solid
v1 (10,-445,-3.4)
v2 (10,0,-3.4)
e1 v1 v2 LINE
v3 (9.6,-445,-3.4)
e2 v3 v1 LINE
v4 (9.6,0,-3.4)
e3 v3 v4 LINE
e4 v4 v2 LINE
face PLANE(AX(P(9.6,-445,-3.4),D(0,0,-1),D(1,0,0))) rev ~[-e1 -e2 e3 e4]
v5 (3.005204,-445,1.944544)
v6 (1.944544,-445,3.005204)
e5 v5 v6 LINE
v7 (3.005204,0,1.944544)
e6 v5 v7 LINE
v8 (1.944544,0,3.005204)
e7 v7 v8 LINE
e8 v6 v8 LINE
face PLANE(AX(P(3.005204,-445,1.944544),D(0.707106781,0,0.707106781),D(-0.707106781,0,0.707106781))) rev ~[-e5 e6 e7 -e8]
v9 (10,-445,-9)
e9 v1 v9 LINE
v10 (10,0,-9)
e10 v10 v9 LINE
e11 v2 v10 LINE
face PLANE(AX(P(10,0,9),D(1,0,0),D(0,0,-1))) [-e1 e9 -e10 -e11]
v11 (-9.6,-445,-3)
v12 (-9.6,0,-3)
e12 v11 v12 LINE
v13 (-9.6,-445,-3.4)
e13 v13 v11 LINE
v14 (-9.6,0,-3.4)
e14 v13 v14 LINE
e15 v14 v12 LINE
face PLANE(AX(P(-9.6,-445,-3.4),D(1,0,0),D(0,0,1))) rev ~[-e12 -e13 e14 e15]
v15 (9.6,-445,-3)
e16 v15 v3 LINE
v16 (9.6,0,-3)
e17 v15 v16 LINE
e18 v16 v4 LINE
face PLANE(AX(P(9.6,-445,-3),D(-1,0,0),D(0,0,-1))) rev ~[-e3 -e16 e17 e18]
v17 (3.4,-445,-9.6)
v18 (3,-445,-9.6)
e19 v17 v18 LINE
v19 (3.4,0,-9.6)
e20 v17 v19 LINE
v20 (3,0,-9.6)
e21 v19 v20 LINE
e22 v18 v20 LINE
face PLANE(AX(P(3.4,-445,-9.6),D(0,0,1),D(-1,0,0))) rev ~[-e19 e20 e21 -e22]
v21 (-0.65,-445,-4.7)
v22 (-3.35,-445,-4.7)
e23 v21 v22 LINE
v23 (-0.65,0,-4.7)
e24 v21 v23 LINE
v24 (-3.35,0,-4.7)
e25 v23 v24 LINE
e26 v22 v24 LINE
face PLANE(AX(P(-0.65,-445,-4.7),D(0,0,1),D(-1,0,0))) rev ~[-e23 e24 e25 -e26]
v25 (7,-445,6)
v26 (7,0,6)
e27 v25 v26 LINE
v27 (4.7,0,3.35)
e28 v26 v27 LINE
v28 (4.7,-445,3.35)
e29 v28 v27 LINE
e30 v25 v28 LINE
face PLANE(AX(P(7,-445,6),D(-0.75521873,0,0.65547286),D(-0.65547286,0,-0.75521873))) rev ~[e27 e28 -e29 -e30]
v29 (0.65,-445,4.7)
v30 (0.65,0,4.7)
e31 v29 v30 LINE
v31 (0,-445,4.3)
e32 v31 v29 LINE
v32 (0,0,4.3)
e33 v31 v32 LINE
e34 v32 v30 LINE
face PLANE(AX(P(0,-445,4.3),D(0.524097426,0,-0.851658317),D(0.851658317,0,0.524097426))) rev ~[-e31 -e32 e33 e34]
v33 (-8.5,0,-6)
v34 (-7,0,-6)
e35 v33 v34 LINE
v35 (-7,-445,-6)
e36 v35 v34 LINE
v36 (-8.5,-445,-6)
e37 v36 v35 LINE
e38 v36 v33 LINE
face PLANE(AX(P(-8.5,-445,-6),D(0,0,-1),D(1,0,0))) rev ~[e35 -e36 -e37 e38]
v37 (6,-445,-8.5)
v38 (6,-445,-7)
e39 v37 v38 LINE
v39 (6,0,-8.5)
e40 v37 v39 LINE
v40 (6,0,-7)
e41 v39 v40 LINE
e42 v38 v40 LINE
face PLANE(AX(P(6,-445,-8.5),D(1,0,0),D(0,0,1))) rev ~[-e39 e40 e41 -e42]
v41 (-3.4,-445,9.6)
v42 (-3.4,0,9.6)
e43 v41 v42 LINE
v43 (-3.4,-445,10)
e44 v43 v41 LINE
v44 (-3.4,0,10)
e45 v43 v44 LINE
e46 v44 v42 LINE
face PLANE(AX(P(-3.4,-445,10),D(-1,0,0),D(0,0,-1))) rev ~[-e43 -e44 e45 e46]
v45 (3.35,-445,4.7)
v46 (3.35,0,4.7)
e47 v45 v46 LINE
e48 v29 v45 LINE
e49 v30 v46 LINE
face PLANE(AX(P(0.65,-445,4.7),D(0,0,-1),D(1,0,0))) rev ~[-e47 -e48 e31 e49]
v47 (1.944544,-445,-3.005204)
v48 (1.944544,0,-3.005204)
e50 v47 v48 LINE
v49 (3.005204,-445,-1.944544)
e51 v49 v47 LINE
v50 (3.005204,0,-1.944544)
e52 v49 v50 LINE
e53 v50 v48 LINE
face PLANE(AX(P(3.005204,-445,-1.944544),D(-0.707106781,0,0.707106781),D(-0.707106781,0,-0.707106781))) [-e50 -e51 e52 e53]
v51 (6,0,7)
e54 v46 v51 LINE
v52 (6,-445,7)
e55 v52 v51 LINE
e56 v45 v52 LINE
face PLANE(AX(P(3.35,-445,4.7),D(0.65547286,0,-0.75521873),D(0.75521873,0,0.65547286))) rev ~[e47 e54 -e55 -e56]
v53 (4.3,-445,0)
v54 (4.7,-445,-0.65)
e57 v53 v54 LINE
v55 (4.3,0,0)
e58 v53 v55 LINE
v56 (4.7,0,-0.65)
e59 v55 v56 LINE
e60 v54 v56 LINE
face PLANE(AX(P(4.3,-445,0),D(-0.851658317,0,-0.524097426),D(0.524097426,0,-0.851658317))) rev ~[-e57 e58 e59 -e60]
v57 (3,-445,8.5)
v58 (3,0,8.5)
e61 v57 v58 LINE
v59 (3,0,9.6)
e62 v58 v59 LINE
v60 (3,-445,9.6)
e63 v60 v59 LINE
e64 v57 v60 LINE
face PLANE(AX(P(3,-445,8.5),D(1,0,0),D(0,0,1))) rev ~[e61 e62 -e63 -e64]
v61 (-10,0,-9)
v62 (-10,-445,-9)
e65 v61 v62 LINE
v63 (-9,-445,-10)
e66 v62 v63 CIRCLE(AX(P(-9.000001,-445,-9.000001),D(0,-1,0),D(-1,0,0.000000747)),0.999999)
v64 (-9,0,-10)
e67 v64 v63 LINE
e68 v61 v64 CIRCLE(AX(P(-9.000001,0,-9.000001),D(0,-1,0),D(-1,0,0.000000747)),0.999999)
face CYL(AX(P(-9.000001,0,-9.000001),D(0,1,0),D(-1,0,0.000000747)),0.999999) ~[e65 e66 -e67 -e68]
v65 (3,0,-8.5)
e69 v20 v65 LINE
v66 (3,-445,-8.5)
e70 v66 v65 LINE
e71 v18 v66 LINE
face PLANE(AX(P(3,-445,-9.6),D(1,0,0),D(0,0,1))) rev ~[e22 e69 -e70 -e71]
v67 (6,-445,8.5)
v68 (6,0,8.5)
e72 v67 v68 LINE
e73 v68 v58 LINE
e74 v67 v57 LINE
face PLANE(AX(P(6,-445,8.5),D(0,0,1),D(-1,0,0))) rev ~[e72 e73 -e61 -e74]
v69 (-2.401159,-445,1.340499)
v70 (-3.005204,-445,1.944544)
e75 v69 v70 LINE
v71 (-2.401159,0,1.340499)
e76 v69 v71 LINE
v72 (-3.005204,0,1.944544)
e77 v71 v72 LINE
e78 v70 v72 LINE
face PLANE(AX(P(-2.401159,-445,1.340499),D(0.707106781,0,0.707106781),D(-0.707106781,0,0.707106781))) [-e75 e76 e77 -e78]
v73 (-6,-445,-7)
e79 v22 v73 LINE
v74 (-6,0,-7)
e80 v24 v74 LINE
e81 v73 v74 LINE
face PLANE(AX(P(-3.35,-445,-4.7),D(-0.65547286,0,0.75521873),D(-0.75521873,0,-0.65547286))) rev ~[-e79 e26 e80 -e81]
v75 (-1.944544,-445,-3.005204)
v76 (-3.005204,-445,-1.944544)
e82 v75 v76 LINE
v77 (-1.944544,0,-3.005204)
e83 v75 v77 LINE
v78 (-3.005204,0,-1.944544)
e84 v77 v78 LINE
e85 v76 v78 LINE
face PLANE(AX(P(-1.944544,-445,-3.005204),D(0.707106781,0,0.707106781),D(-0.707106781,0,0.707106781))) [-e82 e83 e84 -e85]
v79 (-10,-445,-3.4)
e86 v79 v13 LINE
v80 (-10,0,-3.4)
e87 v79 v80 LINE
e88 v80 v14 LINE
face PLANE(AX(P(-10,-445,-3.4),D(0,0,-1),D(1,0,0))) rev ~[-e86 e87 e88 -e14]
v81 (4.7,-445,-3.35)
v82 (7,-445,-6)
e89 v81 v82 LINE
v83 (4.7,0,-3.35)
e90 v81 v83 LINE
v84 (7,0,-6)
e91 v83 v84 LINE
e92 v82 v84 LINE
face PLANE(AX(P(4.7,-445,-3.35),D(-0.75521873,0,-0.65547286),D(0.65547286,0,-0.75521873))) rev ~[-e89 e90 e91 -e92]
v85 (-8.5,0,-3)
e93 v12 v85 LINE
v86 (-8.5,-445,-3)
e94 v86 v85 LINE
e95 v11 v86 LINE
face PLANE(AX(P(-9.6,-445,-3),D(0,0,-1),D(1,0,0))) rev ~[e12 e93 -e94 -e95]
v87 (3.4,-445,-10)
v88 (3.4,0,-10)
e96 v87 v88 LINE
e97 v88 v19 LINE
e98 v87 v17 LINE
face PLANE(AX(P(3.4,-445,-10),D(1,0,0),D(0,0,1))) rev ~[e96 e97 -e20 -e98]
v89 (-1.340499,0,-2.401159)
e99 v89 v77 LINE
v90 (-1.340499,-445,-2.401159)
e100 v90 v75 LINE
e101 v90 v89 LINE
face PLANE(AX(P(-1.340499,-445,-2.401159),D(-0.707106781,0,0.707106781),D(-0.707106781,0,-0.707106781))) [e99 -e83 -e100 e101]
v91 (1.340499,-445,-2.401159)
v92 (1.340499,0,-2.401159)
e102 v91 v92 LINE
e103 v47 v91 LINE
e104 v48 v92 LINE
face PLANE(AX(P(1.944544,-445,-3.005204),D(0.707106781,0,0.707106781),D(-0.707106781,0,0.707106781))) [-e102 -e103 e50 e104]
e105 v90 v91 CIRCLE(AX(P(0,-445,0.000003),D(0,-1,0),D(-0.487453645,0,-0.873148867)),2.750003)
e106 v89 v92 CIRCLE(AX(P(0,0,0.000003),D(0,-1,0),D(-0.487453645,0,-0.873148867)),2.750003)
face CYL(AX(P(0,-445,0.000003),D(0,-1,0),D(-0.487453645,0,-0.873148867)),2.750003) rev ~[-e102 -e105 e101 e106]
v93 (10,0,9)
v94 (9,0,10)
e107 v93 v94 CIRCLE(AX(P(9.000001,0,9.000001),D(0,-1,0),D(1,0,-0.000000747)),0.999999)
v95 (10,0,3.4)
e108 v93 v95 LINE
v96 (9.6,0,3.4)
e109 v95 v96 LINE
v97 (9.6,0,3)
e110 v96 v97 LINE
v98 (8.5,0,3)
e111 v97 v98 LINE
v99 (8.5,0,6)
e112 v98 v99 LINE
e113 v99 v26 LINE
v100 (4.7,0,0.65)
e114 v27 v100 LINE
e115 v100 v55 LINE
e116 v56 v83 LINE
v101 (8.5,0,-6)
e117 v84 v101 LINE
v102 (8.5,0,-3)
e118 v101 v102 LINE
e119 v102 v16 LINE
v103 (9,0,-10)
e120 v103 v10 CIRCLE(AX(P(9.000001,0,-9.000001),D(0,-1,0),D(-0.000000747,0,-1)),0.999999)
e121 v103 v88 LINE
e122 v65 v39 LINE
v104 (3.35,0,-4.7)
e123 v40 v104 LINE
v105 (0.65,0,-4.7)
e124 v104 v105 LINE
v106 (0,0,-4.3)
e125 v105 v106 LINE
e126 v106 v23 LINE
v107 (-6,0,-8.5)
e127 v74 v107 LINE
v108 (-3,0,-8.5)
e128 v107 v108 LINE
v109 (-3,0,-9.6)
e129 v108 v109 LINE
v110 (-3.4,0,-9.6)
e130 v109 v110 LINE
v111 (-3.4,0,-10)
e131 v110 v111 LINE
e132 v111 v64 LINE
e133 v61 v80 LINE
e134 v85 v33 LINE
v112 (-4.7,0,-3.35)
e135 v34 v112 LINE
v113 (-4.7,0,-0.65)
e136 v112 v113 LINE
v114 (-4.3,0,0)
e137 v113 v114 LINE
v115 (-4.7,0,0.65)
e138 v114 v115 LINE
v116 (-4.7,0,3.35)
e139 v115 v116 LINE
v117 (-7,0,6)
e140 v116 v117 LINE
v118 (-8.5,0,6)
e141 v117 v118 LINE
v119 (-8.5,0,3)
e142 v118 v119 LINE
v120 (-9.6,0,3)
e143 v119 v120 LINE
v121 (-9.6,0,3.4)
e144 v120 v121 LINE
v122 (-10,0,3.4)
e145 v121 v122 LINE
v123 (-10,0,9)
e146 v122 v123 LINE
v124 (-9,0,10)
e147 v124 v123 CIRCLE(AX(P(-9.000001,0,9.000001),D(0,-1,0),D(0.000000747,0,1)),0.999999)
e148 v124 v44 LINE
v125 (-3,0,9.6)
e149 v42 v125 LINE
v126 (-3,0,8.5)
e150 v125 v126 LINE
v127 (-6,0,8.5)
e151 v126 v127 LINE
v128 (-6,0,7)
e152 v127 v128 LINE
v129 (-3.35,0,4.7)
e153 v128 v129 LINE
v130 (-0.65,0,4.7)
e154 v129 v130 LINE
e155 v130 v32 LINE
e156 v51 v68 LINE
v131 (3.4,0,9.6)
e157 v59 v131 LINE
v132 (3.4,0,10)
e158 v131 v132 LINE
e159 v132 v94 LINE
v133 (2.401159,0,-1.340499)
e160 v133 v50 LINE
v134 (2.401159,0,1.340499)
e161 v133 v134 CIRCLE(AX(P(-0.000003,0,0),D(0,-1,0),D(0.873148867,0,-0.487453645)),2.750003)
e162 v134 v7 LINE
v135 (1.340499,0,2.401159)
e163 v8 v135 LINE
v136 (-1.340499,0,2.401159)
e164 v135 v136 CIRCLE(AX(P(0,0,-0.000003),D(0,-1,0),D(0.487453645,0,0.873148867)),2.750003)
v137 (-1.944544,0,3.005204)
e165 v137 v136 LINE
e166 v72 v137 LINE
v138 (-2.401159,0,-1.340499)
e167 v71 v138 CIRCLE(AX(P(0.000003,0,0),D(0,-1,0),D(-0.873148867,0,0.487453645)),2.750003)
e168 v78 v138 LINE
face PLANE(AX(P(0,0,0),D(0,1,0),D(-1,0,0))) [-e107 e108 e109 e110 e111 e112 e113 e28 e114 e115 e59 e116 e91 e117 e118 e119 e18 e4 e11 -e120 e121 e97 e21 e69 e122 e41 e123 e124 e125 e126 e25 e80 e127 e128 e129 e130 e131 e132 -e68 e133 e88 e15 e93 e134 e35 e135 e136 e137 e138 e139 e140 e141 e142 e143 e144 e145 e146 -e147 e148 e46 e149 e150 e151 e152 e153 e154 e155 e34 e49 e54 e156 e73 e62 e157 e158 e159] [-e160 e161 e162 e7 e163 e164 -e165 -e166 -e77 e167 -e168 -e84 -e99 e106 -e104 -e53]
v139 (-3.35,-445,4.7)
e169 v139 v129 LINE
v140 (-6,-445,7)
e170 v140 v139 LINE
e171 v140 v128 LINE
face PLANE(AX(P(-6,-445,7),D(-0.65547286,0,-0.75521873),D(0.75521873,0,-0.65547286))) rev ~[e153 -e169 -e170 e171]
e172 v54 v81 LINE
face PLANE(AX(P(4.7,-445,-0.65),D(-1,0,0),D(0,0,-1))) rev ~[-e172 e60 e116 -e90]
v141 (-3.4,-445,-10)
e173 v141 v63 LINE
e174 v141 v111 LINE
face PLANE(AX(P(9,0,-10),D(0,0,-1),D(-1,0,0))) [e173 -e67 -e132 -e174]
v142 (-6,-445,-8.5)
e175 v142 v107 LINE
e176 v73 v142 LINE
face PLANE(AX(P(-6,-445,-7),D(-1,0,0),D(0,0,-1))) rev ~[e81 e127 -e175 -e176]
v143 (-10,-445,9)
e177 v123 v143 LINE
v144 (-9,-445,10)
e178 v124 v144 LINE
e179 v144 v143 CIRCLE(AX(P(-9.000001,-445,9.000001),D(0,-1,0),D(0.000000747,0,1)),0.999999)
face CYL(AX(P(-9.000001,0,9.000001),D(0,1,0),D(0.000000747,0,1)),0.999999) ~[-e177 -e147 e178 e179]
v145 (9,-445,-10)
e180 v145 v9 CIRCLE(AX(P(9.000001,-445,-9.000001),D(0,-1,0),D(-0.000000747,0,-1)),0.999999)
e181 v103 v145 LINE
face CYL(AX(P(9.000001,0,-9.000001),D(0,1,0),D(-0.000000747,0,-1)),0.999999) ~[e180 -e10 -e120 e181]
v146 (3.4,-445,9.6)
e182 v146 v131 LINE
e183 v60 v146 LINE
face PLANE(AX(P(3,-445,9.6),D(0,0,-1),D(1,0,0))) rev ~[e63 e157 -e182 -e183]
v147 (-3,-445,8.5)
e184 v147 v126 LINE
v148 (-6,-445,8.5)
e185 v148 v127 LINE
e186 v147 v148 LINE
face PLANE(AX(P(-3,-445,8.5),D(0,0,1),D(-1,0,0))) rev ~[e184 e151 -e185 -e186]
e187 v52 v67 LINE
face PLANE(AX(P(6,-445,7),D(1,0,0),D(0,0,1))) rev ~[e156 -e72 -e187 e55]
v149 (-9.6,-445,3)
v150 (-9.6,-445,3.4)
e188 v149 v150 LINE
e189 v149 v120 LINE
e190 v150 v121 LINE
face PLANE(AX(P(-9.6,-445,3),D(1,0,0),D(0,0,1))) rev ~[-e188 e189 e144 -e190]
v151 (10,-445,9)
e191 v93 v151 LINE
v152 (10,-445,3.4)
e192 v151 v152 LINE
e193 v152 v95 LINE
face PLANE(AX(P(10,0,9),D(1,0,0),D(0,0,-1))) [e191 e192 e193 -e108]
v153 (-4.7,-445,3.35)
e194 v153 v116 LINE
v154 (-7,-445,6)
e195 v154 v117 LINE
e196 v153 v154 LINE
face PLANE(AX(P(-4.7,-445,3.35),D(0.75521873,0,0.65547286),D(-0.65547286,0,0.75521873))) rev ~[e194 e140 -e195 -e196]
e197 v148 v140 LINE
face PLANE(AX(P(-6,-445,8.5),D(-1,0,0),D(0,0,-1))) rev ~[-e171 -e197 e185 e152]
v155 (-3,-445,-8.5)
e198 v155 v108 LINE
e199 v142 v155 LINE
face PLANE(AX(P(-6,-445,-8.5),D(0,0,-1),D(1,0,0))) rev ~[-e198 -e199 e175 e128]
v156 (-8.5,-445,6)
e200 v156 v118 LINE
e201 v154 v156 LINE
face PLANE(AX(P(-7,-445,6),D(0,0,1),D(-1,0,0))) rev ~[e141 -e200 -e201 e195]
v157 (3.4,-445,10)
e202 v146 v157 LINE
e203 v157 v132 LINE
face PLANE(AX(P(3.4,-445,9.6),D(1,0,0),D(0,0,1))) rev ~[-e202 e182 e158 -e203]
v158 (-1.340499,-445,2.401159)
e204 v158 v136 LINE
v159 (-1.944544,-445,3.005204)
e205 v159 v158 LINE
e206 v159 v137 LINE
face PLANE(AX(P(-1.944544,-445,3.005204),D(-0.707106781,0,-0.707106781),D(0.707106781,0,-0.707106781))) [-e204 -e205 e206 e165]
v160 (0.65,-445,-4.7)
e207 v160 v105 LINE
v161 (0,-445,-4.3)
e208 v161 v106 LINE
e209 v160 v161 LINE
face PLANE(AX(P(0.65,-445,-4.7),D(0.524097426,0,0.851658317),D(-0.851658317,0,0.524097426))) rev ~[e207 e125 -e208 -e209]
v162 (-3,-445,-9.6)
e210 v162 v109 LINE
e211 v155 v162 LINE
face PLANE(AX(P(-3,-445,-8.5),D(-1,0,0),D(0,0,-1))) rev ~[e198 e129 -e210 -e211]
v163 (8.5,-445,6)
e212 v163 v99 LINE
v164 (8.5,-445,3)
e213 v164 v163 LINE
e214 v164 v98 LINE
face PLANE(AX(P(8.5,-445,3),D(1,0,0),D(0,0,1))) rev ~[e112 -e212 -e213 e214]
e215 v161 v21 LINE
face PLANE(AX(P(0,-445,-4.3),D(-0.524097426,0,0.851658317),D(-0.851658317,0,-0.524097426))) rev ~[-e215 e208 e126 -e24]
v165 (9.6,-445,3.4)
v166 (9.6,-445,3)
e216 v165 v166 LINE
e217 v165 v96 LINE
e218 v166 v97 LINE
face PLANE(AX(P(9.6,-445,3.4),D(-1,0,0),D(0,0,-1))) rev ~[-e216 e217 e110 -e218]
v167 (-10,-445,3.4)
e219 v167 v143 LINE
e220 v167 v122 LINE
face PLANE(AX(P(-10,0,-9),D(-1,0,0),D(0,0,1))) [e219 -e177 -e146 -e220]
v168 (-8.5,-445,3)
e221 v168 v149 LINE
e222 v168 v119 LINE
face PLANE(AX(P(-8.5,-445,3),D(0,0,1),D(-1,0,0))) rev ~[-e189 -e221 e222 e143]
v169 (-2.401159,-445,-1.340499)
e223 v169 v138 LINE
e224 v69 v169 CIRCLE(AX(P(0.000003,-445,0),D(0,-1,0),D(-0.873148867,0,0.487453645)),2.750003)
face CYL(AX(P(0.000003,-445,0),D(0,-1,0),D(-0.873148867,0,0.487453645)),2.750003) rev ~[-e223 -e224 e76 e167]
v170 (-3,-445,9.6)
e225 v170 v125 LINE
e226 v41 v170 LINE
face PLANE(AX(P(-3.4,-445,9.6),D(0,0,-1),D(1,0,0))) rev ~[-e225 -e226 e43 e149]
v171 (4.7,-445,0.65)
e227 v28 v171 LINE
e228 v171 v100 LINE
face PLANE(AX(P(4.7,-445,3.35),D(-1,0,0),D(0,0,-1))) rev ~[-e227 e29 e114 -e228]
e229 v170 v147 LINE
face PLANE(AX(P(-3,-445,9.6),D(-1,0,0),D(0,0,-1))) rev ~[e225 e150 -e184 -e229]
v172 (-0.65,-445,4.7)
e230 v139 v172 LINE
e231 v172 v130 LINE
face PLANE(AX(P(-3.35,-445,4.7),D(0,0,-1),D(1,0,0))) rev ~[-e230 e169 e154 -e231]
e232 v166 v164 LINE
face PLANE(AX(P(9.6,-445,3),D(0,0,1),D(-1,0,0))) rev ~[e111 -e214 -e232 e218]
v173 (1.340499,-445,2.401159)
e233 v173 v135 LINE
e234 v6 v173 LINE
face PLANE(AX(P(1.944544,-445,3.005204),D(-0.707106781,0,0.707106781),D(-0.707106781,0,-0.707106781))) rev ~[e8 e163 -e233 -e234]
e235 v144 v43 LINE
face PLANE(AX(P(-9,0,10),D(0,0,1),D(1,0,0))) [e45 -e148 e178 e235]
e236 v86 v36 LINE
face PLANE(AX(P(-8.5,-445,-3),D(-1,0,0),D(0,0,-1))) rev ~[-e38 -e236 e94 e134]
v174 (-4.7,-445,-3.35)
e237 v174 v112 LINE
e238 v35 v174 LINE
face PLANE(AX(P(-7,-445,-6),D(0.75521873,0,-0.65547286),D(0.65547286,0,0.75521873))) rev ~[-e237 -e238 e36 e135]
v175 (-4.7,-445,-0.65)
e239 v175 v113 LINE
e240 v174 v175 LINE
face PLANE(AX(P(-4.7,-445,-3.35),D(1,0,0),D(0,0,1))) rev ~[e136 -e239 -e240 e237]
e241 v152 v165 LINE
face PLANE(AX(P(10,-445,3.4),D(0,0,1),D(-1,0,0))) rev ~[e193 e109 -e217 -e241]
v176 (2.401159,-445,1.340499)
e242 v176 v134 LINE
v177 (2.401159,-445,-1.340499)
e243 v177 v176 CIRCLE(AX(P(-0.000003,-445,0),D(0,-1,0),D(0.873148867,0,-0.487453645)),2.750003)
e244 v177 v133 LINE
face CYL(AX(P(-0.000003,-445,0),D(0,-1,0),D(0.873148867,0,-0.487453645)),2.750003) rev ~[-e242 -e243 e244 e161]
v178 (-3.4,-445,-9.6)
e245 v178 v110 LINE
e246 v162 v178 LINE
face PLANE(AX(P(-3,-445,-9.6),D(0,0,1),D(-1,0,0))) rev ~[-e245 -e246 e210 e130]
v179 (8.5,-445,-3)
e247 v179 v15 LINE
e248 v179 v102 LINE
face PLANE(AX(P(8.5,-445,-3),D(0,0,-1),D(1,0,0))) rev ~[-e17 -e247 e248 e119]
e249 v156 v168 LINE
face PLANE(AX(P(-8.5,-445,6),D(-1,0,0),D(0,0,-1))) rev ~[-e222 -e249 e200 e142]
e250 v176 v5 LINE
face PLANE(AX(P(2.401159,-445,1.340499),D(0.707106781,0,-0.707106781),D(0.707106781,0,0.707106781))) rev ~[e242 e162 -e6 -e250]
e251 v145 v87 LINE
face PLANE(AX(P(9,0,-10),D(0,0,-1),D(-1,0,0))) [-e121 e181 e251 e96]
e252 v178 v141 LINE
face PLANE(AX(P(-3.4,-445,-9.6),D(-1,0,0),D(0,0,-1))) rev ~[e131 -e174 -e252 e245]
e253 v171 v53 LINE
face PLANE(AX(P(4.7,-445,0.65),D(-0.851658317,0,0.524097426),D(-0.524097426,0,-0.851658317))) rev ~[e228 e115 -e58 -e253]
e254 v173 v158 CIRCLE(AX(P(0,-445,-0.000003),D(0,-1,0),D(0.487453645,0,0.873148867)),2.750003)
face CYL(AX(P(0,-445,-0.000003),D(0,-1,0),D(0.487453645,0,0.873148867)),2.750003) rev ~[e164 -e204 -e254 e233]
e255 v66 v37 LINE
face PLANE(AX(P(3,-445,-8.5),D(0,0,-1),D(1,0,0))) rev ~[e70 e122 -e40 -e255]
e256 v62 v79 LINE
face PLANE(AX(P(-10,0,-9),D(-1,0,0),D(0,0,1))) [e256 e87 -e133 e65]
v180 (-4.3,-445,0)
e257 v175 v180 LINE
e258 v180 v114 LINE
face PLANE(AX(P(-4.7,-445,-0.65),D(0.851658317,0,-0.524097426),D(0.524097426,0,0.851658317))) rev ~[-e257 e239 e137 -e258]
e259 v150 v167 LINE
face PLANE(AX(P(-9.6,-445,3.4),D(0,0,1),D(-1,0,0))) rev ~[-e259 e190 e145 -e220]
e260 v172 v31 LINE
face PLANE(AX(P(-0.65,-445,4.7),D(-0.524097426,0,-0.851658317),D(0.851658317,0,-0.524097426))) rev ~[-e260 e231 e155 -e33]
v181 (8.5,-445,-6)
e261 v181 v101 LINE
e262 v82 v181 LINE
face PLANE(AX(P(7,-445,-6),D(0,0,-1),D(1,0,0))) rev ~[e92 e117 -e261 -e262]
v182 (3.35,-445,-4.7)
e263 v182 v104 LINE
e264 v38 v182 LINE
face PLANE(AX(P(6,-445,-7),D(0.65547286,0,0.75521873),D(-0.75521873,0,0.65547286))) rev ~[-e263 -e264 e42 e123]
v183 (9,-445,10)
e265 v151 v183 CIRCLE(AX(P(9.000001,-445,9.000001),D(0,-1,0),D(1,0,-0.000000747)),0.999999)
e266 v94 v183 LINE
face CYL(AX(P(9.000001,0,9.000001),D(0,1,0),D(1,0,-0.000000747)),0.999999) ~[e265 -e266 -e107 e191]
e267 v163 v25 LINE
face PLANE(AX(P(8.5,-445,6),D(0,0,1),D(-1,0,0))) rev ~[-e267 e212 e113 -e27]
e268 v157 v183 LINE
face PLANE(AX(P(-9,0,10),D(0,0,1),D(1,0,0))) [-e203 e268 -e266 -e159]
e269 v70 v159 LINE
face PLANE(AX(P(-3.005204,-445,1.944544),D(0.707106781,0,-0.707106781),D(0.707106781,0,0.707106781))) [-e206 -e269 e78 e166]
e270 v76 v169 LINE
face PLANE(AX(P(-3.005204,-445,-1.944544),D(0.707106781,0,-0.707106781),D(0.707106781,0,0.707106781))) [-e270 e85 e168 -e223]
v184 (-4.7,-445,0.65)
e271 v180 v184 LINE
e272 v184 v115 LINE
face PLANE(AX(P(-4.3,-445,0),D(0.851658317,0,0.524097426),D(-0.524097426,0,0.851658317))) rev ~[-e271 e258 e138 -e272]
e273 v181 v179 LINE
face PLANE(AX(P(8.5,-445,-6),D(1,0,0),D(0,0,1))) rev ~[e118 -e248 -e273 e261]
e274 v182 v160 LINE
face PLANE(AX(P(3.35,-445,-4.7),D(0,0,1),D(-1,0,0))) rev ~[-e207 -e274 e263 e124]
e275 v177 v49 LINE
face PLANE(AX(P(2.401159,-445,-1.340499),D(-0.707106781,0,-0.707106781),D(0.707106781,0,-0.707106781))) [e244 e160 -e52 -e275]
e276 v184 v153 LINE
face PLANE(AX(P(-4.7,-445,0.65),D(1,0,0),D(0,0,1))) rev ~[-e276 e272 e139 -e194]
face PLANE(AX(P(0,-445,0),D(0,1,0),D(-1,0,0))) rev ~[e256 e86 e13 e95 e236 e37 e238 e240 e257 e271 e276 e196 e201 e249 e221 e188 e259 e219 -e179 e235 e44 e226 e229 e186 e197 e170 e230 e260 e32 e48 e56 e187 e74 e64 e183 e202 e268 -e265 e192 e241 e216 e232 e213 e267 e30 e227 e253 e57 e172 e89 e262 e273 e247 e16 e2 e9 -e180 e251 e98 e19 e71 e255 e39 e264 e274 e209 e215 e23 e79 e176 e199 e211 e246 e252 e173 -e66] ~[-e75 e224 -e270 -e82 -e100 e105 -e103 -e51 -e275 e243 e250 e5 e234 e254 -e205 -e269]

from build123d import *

# Parameters (mm, degrees)
PAD001003_DEPTH       = 445
POCKET020_DEPTH       = 445
POLARPATTERN001_COUNT = 4
POCKET021_DEPTH       = 445


with BuildPart() as part:
    # Sketch025 → Pad001003 (new body)
    with BuildSketch(Plane.XZ):
        with BuildLine():
            Line((-9, 10), (9, 10))
            ThreePointArc((10, 9), (9.707107, 9.707107), (9, 10))
            Line((10, 9), (10, -9))
            ThreePointArc((9, -10), (9.707107, -9.707107), (10, -9))
            Line((9, -10), (-9, -10))
            ThreePointArc((-10, -9), (-9.707107, -9.707107), (-9, -10))
            Line((-10, -9), (-10, 9))
            ThreePointArc((-9, 10), (-9.707107, 9.707107), (-10, 9))
        make_face()
    extrude(amount=PAD001003_DEPTH)

    # Sketch027 (on Face10 of Pad001003) → Pocket020 (cut)
    with BuildSketch(Plane.XZ.offset(445)):
        Polygon((-3.4, 10), (-3.4, 9.6), (-3, 9.6), (-3, 8.5), (-6, 8.5), (-6, 7), (-3.35, 4.7), (-0.65, 4.7), (0, 4.3), (0.65, 4.7), (3.35, 4.7), (6, 7), (6, 8.5), (3, 8.5), (3, 9.6), (3.4, 9.6), (3.4, 10), align=None)
    pocket020 = extrude(amount=-POCKET020_DEPTH, mode=Mode.SUBTRACT)

    # PolarPattern001: Pocket020 ×4 about axis
    polarpattern001_axis = Axis((0, -445, 0), (0, -1, 0))
    for i in range(1, POLARPATTERN001_COUNT):
        add(pocket020.rotate(polarpattern001_axis, i * 360 / POLARPATTERN001_COUNT), mode=Mode.SUBTRACT)

    # Sketch026 (on Face4 of PolarPattern001) → Pocket021 (cut)
    with BuildSketch(Plane.XZ.offset(445)):
        with BuildLine():
            ThreePointArc((1.340499, 2.401159), (0, 2.75), (-1.340499, 2.401159))
            Line((-1.944544, 3.005204), (-1.340499, 2.401159))
            Line((-3.005204, 1.944544), (-1.944544, 3.005204))
            Line((-2.401159, 1.340499), (-3.005204, 1.944544))
            ThreePointArc((-2.401159, 1.340499), (-2.75, 0), (-2.401159, -1.340499))
            Line((-3.005204, -1.944544), (-2.401159, -1.340499))
            Line((-1.944544, -3.005204), (-3.005204, -1.944544))
            Line((-1.340499, -2.401159), (-1.944544, -3.005204))
            ThreePointArc((-1.340499, -2.401159), (0, -2.75), (1.340499, -2.401159))
            Line((1.944544, -3.005204), (1.340499, -2.401159))
            Line((3.005204, -1.944544), (1.944544, -3.005204))
            Line((2.401159, -1.340499), (3.005204, -1.944544))
            ThreePointArc((2.401159, -1.340499), (2.75, 0), (2.401159, 1.340499))
            Line((2.401159, 1.340499), (3.005204, 1.944544))
            Line((3.005204, 1.944544), (1.944544, 3.005204))
            Line((1.944544, 3.005204), (1.340499, 2.401159))
        make_face()
    extrude(amount=-POCKET021_DEPTH, mode=Mode.SUBTRACT)


solid = part.part
